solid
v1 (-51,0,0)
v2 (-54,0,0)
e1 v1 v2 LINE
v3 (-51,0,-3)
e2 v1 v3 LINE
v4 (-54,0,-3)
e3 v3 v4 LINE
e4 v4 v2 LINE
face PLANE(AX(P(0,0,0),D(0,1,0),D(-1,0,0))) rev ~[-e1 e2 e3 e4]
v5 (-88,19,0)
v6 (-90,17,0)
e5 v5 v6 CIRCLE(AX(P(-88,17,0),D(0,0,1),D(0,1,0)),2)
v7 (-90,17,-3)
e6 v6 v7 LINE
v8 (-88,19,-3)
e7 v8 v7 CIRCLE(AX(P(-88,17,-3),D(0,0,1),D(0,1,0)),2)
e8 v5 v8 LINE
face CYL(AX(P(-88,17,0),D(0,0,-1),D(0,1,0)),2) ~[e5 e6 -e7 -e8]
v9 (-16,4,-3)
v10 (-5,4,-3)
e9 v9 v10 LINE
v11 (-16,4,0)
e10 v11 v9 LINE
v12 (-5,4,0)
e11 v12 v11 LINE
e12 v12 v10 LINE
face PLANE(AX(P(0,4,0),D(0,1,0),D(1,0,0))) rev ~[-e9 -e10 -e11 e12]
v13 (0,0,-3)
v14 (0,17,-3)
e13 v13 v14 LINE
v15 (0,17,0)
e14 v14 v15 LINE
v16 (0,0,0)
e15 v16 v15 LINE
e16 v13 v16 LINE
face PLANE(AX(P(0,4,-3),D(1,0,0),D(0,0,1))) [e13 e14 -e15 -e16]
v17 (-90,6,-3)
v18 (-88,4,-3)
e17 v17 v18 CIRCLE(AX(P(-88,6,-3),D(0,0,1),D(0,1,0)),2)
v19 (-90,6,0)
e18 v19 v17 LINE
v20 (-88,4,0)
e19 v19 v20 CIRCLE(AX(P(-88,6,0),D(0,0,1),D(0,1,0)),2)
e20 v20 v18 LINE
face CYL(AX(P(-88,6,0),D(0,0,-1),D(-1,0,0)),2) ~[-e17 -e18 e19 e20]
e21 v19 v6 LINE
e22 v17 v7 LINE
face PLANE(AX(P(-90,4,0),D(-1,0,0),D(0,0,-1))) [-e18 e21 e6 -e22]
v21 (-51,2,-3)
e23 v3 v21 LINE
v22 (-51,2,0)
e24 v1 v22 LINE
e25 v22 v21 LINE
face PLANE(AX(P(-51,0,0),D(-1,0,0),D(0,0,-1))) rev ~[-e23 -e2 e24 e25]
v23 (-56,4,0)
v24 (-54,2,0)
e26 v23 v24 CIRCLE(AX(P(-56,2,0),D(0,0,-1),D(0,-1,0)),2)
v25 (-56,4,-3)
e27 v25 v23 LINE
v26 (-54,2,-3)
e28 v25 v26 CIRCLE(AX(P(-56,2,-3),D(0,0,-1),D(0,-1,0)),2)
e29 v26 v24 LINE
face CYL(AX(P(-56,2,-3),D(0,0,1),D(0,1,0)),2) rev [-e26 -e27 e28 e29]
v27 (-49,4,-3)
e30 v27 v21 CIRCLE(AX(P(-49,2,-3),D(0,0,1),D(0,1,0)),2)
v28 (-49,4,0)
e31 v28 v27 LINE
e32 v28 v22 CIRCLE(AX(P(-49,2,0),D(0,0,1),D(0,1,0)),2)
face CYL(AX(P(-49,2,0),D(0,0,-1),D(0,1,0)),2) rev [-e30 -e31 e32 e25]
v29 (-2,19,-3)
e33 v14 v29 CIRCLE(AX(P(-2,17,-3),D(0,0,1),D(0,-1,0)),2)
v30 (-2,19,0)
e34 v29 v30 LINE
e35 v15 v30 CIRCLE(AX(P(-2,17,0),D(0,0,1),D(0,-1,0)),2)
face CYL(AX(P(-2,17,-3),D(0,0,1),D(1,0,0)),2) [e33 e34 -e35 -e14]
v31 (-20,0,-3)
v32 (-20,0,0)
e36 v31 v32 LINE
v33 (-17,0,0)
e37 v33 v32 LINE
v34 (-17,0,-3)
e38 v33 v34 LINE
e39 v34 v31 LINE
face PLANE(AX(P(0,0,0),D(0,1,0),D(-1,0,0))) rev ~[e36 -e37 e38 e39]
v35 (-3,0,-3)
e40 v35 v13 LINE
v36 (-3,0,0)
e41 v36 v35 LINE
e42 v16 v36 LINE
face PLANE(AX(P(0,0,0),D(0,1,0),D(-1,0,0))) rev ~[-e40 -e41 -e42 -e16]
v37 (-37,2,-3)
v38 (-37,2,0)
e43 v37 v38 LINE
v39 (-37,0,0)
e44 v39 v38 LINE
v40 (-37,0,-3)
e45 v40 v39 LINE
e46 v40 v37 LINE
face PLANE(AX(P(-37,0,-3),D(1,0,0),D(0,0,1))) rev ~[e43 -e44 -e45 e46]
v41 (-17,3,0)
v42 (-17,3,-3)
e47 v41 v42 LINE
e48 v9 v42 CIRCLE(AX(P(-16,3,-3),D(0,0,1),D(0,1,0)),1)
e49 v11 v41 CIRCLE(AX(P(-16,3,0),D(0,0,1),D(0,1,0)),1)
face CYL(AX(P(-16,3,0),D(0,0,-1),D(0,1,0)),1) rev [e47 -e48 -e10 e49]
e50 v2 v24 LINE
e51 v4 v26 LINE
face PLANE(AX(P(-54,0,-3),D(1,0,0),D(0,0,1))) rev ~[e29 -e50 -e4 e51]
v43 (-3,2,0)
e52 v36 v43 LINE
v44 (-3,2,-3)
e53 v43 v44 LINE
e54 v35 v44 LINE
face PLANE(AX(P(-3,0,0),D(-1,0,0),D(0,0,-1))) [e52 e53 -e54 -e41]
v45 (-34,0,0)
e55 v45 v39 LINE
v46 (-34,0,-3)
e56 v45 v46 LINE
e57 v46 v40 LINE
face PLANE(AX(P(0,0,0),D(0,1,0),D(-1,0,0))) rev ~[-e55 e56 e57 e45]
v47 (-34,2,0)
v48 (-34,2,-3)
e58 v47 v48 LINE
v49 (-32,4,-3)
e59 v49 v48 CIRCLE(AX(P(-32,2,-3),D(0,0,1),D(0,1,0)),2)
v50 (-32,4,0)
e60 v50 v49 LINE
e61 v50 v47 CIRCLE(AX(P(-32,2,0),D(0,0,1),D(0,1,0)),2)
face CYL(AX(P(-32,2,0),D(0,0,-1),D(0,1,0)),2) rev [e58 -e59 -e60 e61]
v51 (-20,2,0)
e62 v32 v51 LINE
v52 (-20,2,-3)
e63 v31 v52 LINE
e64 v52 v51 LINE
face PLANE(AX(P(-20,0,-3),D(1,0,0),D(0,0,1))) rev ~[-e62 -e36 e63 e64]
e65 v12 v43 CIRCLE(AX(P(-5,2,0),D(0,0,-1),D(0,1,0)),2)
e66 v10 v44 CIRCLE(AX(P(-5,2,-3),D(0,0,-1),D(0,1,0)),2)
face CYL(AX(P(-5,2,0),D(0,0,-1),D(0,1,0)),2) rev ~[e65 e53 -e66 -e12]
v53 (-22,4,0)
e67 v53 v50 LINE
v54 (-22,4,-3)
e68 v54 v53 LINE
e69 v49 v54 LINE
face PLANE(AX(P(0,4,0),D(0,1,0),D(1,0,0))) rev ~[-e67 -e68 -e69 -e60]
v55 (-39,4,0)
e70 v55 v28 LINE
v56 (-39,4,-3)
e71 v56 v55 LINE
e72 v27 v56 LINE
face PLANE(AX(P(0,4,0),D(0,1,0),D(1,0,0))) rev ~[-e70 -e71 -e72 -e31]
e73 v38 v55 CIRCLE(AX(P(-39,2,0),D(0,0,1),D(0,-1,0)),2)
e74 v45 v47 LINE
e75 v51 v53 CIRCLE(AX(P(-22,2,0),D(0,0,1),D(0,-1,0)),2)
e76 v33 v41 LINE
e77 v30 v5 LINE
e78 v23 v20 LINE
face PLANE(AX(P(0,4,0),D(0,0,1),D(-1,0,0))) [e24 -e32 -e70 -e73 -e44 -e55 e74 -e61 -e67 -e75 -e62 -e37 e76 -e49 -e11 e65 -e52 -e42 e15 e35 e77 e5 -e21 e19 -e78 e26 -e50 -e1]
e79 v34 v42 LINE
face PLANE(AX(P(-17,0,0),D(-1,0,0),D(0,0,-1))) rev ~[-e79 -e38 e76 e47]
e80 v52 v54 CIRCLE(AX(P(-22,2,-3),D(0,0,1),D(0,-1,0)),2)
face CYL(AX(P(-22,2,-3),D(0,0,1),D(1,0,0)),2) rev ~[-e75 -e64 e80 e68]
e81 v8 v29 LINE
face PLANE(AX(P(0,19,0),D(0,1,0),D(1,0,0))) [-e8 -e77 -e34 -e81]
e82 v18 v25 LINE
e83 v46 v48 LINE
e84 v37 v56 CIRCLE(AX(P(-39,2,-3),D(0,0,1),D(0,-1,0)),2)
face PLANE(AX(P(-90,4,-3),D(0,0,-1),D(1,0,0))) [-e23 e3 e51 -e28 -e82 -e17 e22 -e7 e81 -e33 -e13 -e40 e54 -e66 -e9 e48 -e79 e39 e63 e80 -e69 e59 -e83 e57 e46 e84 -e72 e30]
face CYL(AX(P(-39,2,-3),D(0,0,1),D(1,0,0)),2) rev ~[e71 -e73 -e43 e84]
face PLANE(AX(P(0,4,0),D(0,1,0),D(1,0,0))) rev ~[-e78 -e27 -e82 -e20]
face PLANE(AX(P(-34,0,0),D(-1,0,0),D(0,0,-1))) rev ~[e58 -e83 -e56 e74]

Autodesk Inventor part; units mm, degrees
ref_plane "YZ Plane" through (0, 0, 0) normal (1, 0, 0) x (0, 1, 0)
ref_plane "XZ Plane" through (0, 0, 0) normal (0, 1, 0) x (-1, 0, 0)
ref_plane "XY Plane" through (0, 0, 0) normal (0, 0, 1) x (1, 0, 0)
sketch "Эскиз1" plane through (0, 0, 0) normal (0, 1, 0) x (-1, 0, 0)
  line L0 (0, 0) -> (3, 0)
  line L1 (3, 0) -> (3, -3)
  line L2 (3, -3) -> (0, -3)
  line L3 (0, -3) -> (0, 0)
  line L4 (3, 0) -> (20, 0)
  line L5 (20, 0) -> (17, 0)
  line L6 (17, 0) -> (17, -3)
  line L7 (17, -3) -> (20, -3)
  line L8 (20, -3) -> (20, 0)
  line L9 (20, 0) -> (37, 0)
  line L10 (37, 0) -> (34, 0)
  line L11 (34, 0) -> (34, -3)
  line L12 (34, -3) -> (37, -3)
  line L13 (37, -3) -> (37, 0)
  line L14 (37, 0) -> (54, 0)
  line L15 (54, 0) -> (51, 0)
  line L16 (51, 0) -> (51, -3)
  line L17 (51, -3) -> (54, -3)
  line L18 (54, -3) -> (54, 0)
  point P0 (17, 0)
  point P1 (17, 0)
  dimension "d0" = 3
  dimension "d1" = 3
  dimension "d17" = 17
  dimension "d18" = 3
  dimension "d19" = 3
  dimension "d20" = 17
  dimension "d21" = 17
  dimension "d22" = 3
  dimension "d23" = 3
  dimension "d24" = 3
  dimension "d25" = 3
extrude "Выдавливание1" add sketch "Эскиз1" along normal blind 4
sketch "Эскиз2" plane through (0, 4, 0) normal (0, 1, 0) x (1, 0, 0)
  line L0 (0, 0) -> (-90, 0)
  line L1 (-90, 0) -> (-90, 3)
  line L2 (-90, 3) -> (0, 3)
  line L3 (0, 3) -> (0, 0)
  dimension "d13" = 3
  dimension "d14" = 90
extrude "Выдавливание2" add sketch "Эскиз2" along normal blind 15
fillet "Сопряжение1" radius 1 1 edges at (-17, 4, -1.5)
fillet "Сопряжение2" radius 2 7 edges at (-34, 4, -1.5) (-51, 4, -1.5) (-54, 4, -1.5) (-37, 4, -1.5) (-20, 4, -1.5) (-3, 4, -1.5) (0, 19, -1.5)
fillet "Сопряжение3" radius 2 2 edges at (-90, 19, -1.5) (-90, 4, -1.5)
properties part number "Bus_copper_GND" material "Медь"
